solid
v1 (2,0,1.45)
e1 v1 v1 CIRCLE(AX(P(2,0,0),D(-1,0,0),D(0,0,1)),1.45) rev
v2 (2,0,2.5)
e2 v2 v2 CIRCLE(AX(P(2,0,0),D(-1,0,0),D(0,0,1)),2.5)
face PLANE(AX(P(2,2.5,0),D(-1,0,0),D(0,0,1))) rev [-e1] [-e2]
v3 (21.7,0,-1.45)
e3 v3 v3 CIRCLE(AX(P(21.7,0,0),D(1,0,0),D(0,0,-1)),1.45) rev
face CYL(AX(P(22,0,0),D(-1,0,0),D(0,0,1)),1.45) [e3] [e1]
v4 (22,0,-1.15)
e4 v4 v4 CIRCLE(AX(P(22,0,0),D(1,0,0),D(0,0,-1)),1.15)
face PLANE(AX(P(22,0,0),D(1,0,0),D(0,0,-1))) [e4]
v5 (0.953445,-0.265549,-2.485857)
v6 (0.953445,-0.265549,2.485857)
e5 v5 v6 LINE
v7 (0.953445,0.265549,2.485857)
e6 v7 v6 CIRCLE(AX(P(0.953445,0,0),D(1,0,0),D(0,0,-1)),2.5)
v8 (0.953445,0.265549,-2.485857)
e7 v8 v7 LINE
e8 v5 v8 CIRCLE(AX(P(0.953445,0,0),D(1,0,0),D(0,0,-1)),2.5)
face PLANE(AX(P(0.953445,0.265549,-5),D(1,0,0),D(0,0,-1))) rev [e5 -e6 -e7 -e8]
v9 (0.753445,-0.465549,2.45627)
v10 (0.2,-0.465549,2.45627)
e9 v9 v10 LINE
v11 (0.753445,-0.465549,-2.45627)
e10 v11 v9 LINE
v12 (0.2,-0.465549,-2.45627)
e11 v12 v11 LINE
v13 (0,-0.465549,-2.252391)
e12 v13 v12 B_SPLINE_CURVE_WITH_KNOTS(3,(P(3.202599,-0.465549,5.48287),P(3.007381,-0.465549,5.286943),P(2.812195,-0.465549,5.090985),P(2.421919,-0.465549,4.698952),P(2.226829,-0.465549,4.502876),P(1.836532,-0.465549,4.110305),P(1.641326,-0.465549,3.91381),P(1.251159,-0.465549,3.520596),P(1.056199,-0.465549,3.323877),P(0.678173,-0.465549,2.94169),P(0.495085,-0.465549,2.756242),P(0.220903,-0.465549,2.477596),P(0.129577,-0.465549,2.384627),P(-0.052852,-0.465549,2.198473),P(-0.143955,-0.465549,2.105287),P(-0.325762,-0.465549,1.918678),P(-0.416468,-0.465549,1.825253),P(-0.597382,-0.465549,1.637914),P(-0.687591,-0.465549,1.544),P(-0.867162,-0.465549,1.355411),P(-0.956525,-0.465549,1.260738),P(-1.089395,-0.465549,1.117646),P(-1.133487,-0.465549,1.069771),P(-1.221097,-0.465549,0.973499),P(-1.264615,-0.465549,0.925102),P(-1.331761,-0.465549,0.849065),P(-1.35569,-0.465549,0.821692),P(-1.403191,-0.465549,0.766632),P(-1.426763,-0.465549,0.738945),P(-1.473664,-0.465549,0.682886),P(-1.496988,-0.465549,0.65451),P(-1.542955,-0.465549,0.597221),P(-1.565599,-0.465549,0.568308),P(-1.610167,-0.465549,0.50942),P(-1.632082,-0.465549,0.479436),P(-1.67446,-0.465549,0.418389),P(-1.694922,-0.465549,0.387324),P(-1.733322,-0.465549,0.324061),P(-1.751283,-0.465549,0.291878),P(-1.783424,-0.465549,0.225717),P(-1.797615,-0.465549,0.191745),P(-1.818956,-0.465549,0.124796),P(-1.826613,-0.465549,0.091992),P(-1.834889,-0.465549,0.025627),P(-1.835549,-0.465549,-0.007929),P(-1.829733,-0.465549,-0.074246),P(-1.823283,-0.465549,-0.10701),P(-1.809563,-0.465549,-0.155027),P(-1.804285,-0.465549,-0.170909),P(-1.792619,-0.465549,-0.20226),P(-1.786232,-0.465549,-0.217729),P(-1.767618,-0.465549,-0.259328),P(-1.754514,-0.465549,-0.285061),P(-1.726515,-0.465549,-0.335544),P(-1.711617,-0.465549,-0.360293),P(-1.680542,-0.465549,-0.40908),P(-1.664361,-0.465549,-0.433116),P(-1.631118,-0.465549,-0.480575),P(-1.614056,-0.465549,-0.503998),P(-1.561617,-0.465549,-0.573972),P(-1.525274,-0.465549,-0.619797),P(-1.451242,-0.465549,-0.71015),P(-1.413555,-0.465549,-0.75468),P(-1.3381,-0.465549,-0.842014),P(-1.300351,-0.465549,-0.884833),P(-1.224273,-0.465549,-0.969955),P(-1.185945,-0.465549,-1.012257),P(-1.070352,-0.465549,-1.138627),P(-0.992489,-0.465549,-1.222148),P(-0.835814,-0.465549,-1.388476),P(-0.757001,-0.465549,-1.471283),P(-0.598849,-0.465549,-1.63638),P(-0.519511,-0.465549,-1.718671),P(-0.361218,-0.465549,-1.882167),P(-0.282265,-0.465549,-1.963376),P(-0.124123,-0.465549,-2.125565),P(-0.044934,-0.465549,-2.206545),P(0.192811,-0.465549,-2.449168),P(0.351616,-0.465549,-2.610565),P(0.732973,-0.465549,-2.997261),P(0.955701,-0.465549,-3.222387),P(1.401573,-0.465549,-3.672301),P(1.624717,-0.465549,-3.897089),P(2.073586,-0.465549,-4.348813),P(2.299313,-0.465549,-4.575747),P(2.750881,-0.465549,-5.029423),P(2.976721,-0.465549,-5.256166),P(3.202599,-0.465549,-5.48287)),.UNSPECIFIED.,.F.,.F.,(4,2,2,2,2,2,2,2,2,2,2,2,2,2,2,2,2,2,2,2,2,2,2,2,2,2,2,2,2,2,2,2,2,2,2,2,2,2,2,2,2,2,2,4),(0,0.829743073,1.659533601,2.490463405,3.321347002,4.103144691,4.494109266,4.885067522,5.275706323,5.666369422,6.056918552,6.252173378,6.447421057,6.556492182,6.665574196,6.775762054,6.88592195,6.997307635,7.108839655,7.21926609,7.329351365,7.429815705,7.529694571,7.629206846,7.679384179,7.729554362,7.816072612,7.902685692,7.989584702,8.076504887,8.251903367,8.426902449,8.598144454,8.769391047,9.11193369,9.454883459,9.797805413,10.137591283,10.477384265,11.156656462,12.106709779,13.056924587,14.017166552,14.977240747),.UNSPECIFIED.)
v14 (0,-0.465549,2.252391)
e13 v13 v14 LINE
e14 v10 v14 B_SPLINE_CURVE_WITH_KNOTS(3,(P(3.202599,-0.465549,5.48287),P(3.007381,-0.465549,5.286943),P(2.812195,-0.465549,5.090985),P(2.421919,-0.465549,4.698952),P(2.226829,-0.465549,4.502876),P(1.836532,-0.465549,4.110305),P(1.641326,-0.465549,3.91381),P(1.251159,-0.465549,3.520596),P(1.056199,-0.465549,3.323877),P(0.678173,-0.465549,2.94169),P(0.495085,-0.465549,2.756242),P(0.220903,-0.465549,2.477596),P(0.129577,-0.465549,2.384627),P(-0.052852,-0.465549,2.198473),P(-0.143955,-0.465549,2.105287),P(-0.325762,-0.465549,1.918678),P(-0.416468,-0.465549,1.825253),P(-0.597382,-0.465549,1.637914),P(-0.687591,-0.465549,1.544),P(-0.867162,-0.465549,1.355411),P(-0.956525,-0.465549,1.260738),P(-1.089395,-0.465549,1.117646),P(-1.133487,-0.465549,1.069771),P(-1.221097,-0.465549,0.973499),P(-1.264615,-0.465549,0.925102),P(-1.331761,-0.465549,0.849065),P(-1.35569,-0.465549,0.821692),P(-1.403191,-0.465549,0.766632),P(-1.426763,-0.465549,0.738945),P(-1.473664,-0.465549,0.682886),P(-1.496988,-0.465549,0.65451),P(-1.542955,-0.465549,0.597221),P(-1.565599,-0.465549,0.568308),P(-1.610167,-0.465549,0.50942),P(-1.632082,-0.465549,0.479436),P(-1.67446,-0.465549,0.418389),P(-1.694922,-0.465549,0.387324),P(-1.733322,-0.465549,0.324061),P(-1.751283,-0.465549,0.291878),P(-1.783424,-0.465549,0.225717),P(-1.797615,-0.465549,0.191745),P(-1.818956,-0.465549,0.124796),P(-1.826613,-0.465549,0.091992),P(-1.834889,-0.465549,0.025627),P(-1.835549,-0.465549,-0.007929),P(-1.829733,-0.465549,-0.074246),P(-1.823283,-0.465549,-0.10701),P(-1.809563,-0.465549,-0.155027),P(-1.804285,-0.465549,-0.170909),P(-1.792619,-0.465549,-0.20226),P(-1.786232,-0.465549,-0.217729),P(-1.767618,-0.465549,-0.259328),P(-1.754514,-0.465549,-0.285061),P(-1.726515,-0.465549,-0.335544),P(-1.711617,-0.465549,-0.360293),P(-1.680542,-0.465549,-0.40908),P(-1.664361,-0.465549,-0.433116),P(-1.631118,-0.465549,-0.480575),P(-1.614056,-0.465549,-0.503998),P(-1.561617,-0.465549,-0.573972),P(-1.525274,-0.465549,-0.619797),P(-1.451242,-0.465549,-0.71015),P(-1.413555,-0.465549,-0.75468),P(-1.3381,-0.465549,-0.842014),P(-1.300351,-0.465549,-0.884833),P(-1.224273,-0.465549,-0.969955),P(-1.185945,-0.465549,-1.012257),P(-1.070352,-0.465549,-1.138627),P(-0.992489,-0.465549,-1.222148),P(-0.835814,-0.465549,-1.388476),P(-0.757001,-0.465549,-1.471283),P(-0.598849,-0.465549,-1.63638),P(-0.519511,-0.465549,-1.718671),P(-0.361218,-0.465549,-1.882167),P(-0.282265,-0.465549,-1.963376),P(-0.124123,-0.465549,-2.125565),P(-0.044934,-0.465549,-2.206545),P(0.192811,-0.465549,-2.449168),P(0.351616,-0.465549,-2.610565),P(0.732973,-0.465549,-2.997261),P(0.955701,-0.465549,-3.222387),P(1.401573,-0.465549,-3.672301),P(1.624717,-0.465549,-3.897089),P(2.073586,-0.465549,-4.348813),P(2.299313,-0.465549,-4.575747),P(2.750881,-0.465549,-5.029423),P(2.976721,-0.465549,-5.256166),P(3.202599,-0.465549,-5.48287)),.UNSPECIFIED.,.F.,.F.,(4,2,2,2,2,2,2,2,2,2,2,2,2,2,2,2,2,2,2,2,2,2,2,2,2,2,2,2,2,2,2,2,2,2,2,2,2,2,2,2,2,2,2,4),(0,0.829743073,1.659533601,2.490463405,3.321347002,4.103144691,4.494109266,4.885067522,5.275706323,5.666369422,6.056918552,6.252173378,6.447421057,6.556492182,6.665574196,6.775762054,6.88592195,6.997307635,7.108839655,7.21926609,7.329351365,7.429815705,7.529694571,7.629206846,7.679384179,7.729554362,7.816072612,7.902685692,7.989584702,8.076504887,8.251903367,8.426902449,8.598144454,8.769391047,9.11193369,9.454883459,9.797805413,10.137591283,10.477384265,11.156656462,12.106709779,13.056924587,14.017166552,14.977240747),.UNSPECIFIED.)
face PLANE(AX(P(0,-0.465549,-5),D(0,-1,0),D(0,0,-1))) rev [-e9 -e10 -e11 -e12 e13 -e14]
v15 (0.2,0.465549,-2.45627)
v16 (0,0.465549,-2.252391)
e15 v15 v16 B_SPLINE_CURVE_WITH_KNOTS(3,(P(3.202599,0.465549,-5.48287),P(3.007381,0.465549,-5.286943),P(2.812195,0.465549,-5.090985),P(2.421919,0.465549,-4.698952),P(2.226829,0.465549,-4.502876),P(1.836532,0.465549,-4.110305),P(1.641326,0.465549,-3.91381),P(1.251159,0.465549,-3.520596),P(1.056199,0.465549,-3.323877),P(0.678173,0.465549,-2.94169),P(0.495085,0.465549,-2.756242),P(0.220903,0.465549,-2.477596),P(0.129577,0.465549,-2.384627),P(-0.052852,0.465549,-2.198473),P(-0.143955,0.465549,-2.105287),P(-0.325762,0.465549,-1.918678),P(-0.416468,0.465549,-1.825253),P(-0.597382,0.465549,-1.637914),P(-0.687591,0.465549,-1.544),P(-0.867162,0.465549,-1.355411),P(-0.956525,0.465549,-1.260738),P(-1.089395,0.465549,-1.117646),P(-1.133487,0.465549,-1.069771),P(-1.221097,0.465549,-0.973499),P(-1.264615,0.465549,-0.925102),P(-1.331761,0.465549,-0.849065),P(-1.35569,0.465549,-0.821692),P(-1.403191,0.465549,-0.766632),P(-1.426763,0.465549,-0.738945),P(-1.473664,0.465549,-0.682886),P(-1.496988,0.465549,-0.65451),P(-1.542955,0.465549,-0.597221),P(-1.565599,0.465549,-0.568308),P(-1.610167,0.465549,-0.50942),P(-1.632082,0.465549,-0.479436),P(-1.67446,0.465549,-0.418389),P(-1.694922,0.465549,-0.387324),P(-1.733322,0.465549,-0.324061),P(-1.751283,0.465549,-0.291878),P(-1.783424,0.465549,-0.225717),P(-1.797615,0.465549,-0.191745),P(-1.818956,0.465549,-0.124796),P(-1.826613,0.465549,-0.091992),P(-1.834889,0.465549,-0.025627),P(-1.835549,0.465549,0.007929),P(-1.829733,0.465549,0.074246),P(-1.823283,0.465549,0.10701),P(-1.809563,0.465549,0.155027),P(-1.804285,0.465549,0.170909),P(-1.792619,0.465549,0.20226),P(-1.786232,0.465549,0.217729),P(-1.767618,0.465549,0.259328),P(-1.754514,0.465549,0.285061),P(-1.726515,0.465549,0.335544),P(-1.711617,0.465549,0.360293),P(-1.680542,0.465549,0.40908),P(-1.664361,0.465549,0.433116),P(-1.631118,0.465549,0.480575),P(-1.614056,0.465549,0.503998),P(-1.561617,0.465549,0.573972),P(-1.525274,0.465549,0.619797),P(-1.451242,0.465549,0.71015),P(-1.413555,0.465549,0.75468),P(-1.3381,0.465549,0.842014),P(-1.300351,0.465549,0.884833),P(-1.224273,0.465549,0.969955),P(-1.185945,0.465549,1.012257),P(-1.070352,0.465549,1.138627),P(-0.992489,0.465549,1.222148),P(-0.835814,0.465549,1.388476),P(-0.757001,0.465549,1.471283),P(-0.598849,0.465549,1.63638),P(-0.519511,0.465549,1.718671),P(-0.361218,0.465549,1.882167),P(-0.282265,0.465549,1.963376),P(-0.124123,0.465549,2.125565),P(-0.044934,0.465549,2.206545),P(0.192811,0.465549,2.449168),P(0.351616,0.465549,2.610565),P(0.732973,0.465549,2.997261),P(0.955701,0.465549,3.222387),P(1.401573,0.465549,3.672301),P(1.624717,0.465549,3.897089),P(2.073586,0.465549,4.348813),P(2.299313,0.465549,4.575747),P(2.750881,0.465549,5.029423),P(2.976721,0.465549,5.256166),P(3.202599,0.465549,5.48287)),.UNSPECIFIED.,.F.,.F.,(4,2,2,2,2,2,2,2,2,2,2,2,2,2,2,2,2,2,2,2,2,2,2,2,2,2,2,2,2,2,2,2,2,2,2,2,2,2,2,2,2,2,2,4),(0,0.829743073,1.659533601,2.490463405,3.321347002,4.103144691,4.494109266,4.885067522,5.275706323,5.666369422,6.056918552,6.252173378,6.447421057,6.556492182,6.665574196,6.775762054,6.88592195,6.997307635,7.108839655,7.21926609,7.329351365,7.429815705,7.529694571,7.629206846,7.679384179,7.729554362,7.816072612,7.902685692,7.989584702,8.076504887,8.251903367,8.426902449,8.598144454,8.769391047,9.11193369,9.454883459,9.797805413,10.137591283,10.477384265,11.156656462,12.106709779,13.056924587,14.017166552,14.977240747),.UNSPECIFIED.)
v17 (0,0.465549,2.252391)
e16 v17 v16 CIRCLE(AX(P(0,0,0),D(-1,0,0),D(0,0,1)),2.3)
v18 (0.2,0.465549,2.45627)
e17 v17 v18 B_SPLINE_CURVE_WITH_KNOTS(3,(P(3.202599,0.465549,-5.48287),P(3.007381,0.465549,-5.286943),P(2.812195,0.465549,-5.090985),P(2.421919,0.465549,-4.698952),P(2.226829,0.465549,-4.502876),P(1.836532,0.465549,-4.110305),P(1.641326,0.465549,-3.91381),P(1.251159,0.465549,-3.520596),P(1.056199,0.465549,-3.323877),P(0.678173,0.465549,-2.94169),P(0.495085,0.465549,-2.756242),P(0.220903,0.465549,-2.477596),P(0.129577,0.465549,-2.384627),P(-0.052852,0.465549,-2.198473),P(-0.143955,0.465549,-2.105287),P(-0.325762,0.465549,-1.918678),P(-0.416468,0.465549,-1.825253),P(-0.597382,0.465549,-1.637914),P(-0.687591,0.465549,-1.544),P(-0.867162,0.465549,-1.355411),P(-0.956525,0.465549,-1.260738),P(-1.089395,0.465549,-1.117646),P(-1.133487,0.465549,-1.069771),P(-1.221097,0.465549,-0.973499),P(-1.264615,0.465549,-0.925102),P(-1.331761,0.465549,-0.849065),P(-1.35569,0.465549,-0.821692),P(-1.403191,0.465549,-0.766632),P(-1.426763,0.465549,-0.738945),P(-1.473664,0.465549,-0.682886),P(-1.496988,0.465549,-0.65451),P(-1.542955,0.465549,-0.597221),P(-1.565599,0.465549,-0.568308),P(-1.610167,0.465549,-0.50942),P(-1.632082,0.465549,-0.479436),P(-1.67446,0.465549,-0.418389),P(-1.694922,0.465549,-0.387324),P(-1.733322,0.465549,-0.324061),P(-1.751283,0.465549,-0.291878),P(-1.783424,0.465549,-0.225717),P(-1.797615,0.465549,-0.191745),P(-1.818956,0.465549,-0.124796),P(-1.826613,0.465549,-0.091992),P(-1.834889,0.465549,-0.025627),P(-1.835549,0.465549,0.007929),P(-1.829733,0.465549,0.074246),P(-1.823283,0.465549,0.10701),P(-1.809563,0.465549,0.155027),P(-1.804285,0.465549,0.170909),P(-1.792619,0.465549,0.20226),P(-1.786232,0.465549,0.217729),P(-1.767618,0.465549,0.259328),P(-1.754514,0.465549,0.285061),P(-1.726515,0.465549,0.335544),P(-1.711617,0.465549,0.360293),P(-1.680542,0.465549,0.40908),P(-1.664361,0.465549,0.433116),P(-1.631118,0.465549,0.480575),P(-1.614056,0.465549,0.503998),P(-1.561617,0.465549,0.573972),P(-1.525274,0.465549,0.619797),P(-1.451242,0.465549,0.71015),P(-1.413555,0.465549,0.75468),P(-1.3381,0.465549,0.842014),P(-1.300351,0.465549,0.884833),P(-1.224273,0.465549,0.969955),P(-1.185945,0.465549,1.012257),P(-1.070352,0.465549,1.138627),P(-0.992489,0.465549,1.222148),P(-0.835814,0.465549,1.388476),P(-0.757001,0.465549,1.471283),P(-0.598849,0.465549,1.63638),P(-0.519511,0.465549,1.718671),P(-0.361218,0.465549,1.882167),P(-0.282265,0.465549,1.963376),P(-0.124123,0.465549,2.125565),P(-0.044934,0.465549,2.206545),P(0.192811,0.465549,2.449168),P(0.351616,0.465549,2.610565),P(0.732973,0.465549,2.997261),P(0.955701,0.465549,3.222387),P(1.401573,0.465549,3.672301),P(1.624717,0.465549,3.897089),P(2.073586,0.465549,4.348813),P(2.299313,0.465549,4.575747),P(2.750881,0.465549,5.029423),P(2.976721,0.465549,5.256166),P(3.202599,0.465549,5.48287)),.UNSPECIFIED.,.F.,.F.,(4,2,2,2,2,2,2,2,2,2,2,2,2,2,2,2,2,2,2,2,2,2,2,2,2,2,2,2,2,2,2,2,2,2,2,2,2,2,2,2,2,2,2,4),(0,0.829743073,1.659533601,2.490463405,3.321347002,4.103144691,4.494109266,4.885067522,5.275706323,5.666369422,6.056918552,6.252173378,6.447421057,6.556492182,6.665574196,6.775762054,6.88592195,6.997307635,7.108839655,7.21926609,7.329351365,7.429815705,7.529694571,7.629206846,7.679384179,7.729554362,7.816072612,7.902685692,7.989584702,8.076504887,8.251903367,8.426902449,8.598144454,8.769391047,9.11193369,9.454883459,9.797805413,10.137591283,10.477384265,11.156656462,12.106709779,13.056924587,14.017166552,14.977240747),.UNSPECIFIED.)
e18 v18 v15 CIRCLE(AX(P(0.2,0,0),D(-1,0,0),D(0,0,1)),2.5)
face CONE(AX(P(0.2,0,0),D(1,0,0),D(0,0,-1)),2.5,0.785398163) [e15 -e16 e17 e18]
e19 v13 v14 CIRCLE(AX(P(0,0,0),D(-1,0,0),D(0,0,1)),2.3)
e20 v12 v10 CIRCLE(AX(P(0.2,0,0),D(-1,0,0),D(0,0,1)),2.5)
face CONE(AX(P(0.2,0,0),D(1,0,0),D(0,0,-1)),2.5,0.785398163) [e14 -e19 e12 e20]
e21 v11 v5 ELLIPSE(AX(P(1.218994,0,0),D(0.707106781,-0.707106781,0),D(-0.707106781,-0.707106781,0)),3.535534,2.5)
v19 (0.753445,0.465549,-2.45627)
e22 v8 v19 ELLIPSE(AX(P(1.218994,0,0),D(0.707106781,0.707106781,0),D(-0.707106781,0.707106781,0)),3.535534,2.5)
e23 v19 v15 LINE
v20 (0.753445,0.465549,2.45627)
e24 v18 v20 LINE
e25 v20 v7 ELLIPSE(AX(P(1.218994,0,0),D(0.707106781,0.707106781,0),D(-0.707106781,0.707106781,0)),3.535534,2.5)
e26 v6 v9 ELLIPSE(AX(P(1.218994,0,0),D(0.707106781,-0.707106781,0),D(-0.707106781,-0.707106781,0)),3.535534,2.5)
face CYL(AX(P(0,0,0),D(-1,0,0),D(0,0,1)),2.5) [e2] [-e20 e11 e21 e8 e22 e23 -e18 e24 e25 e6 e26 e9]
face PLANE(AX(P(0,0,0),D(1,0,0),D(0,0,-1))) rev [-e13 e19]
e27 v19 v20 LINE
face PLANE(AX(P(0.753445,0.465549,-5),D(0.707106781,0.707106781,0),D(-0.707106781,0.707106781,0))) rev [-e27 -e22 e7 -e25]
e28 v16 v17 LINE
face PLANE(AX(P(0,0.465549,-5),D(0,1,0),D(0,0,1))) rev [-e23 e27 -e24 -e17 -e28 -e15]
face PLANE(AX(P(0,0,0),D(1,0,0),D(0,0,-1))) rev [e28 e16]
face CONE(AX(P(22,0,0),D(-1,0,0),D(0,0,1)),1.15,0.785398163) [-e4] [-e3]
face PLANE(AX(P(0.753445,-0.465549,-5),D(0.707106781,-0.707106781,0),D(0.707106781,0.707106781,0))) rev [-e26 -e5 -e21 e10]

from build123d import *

# Parameters (mm, degrees)
ENL_V_MAT_EXTRU_1_DEPTH = 5
ESQUISSE3_R             = 1.45
EXTRUSION1_DEPTH        = 20
CHANFREIN1_SIZE         = 0.3


with BuildPart() as part:
    # Esquisse1 → Révolution1 (revolve)
    with BuildSketch(Plane.XY, mode=Mode.PRIVATE) as r_volution1_sk:
        Polygon((0, 0), (0, 2.3), (0.2, 2.5), (2, 2.5), (2, 0), align=None)
    revolve(r_volution1_sk.sketch.rotate(Axis((0, 0, 0), (1, 0, 0)), 90), axis=Axis((0, 0, 0), (1, 0, 0)))  # turned: the seam where the file's is

    # Esquisse2 → Enlèv. mat.-Extru.1 (cut, symmetric)
    with BuildSketch(Plane.XY):
        Polygon((0, 0.465549348), (0.753445065, 0.465549348), (0.953445065, 0.265549348), (0.953445065, -0.265549348), (0.753445065, -0.465549348), (0, -0.465549348), align=None)
    extrude(amount=ENL_V_MAT_EXTRU_1_DEPTH, both=True, mode=Mode.SUBTRACT)

    # Esquisse3 → Extrusion1 (add)
    with BuildSketch(Plane(origin=(2, 0, 0), x_dir=(0, 0, -1), z_dir=(1, 0, 0))):
        with Locations(Location((0, 0, 0), (0, 0, 180))):  # turned: the seam where the file's is
            Circle(ESQUISSE3_R)
    extrude(amount=EXTRUSION1_DEPTH)

    # Chanfrein1
    chanfrein1_edges = [part.edges().sort_by_distance(p)[0] for p in [
        (22, 0, -1.45),
    ]]
    chamfer(chanfrein1_edges, length=CHANFREIN1_SIZE)


solid = part.part
